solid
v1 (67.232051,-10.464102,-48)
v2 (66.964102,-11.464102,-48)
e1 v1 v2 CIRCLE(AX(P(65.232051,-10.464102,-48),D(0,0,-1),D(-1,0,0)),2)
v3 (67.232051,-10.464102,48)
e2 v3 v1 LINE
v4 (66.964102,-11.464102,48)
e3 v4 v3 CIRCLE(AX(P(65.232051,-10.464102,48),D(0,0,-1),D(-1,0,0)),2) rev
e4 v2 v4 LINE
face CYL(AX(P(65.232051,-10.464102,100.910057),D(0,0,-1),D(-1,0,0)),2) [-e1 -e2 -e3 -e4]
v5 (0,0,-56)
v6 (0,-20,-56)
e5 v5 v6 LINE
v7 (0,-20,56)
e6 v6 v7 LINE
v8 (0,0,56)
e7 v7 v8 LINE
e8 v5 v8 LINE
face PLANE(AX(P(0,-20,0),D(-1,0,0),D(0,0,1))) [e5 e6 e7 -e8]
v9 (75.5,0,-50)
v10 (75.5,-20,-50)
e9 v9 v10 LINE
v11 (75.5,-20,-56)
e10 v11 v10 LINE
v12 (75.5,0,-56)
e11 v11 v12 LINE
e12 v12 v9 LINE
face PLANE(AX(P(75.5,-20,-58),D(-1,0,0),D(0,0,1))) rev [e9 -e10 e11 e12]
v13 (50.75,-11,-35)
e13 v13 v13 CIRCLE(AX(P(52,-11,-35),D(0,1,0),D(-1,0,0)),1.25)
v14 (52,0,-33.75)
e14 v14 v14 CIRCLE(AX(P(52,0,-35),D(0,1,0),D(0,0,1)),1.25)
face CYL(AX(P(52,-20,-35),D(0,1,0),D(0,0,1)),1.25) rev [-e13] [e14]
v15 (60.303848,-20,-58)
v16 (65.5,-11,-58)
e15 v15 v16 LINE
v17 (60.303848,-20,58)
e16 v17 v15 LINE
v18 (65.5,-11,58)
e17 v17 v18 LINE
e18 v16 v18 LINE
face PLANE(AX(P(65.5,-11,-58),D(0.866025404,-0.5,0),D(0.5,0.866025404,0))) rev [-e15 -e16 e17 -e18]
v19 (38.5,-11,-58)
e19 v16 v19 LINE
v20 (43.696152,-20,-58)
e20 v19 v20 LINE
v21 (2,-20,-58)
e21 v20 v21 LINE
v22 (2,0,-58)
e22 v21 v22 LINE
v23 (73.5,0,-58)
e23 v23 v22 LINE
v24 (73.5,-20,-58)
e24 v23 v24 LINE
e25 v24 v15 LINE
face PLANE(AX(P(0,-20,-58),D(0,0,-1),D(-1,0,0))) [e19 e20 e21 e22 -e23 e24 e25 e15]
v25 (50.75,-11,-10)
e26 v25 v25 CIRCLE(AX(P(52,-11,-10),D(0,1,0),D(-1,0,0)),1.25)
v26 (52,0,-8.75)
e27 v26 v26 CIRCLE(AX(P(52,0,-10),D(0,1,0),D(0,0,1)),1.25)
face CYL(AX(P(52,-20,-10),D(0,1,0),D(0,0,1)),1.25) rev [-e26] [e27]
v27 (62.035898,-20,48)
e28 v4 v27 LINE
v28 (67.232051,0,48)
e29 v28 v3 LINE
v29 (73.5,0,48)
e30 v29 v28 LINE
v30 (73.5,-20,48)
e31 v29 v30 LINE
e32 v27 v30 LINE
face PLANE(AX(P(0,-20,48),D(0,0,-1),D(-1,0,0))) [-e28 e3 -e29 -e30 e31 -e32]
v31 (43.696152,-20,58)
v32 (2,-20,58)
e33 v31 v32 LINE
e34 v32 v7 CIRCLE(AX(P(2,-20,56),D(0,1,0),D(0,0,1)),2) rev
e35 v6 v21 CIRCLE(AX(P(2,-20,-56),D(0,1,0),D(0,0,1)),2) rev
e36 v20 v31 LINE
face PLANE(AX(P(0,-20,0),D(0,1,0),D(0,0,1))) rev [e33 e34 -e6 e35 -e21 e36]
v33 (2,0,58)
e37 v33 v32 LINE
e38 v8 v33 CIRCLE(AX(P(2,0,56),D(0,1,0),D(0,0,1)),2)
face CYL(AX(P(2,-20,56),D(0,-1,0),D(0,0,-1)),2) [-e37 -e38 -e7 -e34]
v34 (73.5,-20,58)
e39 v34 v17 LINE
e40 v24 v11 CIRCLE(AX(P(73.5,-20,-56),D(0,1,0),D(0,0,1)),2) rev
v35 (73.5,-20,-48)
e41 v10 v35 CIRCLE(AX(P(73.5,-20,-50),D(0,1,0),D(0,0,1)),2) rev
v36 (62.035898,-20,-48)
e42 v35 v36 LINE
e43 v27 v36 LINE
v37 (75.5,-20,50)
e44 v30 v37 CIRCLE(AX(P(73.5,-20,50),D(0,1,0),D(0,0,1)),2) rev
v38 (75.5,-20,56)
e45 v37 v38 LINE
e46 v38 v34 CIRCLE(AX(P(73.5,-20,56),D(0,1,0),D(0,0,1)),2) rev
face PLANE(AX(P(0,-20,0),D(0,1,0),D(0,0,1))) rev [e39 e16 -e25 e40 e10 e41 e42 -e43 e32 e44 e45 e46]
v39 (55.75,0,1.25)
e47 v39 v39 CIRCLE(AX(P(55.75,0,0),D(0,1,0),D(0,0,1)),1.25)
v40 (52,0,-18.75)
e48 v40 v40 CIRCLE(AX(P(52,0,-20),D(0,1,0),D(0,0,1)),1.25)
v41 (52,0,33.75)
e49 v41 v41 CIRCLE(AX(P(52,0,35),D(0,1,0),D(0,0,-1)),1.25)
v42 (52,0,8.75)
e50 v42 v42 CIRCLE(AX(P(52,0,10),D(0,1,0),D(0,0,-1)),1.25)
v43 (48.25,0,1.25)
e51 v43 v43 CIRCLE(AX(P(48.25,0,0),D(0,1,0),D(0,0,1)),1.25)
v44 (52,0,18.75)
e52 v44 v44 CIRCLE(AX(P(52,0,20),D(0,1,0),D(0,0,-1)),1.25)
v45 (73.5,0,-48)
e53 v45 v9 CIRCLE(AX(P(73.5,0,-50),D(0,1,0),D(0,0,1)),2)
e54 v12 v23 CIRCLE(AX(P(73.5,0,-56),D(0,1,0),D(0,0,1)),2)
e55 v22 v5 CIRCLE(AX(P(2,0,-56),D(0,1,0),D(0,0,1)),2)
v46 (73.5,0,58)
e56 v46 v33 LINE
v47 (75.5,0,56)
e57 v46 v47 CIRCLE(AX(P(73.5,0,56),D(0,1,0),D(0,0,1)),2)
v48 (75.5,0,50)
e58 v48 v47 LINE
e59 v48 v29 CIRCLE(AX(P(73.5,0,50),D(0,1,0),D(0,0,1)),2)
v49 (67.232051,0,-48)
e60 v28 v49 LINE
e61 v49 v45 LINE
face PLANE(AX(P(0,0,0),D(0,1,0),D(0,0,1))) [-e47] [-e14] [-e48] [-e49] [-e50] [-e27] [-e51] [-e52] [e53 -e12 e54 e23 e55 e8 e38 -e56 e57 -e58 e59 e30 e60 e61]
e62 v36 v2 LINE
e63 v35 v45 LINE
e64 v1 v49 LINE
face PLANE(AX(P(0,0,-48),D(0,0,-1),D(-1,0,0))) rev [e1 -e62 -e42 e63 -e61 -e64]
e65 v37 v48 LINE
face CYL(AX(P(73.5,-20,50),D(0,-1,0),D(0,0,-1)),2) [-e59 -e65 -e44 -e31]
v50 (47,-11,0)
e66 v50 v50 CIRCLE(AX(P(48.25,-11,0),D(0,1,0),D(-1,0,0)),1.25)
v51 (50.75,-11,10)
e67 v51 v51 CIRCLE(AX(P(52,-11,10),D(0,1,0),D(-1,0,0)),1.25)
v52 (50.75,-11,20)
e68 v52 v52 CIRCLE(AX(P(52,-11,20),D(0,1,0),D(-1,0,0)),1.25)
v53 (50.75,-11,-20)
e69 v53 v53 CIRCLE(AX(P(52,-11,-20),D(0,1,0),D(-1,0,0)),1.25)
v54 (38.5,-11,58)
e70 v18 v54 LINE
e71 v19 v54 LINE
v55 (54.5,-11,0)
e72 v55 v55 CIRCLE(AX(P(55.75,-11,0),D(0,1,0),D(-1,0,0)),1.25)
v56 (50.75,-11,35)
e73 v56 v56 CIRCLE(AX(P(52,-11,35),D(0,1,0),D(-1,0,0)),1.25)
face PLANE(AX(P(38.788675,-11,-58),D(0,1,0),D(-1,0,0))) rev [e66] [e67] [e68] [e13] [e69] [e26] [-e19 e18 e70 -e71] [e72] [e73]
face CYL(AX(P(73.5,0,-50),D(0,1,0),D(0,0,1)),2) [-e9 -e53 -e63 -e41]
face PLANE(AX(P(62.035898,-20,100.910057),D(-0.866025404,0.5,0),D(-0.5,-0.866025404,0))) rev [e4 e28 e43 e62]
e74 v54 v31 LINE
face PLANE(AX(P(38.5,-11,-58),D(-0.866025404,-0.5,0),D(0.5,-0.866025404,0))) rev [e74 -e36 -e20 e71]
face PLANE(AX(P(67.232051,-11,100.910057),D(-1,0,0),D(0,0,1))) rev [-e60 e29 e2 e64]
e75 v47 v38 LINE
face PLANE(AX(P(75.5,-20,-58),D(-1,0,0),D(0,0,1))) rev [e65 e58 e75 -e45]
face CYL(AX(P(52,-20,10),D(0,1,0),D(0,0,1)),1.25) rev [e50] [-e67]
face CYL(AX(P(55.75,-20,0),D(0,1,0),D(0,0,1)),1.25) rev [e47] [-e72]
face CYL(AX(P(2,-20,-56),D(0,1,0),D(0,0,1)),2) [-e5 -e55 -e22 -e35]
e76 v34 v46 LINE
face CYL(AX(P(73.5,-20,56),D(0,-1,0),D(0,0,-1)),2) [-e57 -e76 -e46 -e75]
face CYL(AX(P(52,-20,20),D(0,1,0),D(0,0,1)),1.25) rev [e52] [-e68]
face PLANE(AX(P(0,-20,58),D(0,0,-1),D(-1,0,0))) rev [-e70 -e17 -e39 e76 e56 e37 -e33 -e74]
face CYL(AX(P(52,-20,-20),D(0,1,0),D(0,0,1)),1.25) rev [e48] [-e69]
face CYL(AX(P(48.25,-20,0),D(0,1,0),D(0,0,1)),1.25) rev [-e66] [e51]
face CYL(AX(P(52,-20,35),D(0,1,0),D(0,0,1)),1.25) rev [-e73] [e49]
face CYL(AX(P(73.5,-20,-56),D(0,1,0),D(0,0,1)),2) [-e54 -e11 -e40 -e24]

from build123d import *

# Parameters (mm, degrees)
SKETCH1_W           = 100
SKETCH1_H           = 116
SKETCH1_R           = 2.2
BOSS_EXTRUDE2_DEPTH = 20
FILLET2_R           = 2
CUT_EXTRUDE7_DEPTH  = 155.45387661
SKETCH22_R          = 1.25
CUT_EXTRUDE12_DEPTH = 118.320075008
CUT_EXTRUDE13_START = -10
CUT_EXTRUDE13_DEPTH = 96
SKETCH26_W          = 24.5
SKETCH26_H          = 20
CUT_EXTRUDE14_DEPTH = 155.45387661
FILLET11_R          = 2


with BuildPart() as part:
    # Sketch1 → Boss-Extrude2 (new body)
    # profile 1 of 5: a face of its own
    with BuildSketch(Plane(origin=(0, 0, 0), x_dir=(1, 0, 0), z_dir=(0, 1, 0))):
        with Locations((50, 0)):
            Rectangle(SKETCH1_W, SKETCH1_H)
        with Locations((97.5, 35)):
            Circle(SKETCH1_R, mode=Mode.SUBTRACT)
        with Locations((97.5, -35)):
            Circle(SKETCH1_R, mode=Mode.SUBTRACT)
        with Locations((75, 35)):
            Circle(SKETCH1_R, mode=Mode.SUBTRACT)
        with Locations((75, -35)):
            Circle(SKETCH1_R, mode=Mode.SUBTRACT)
    # profile 2 of 5: a face of its own
    with BuildSketch(Plane(origin=(0, 0, 0), x_dir=(1, 0, 0), z_dir=(0, 1, 0))):
        with Locations((75, -35)):
            Circle(SKETCH1_R)
    # profile 3 of 5: a face of its own
    with BuildSketch(Plane(origin=(0, 0, 0), x_dir=(1, 0, 0), z_dir=(0, 1, 0))):
        with Locations((97.5, -35)):
            Circle(SKETCH1_R)
    # profile 4 of 5: a face of its own
    with BuildSketch(Plane(origin=(0, 0, 0), x_dir=(1, 0, 0), z_dir=(0, 1, 0))):
        with Locations((75, 35)):
            Circle(SKETCH1_R)
    # profile 5 of 5: a face of its own
    with BuildSketch(Plane(origin=(0, 0, 0), x_dir=(1, 0, 0), z_dir=(0, 1, 0))):
        with Locations((97.5, 35)):
            Circle(SKETCH1_R)
    extrude(amount=-BOSS_EXTRUDE2_DEPTH)

    # Fillet2
    fillet2_edges = [part.edges().sort_by_distance(p)[0] for p in [
        (100, -10, -58),
        (100, -10, 58),
        (0, -10, 58),
        (0, -10, -58),
    ]]
    fillet(fillet2_edges, radius=FILLET2_R)

    # Sketch8 → Cut-Extrude7 (cut, through all)
    with BuildSketch(Plane.XY.offset(58)):
        Polygon((38.788675135, -11), (44.562177826, -11), (59.437822174, -11), (65.211324865, -11), (65.5, -11), (59.437822174, -21.5), (44.562177826, -21.5), (38.5, -11), align=None)
    extrude(amount=-CUT_EXTRUDE7_DEPTH, mode=Mode.SUBTRACT)

    # Sketch22 → Cut-Extrude12 (cut, through all)
    with BuildSketch(Plane(origin=(0, 0, 0), x_dir=(1, 0, 0), z_dir=(0, 1, 0))):
        with Locations(Location((48.25, 0, 0), (0, 0, 270))):
            Circle(SKETCH22_R)
        with Locations(Location((55.75, 0, 0), (0, 0, 270))):
            Circle(SKETCH22_R)
        with Locations(Location((52, 10, 0), (0, 0, 270))):
            Circle(SKETCH22_R)
        with Locations(Location((52, 20, 0), (0, 0, 270))):
            Circle(SKETCH22_R)
        with Locations(Location((52, 35, 0), (0, 0, 270))):
            Circle(SKETCH22_R)
        with Locations(Location((52, -35, 0), (0, 0, 180))):
            Circle(SKETCH22_R)
        with Locations(Location((52, -20, 0), (0, 0, 180))):
            Circle(SKETCH22_R)
        with Locations(Location((52, -10, 0), (0, 0, 180))):
            Circle(SKETCH22_R)
    extrude(amount=-CUT_EXTRUDE12_DEPTH, mode=Mode.SUBTRACT)

    # Sketch24 → Cut-Extrude13 (cut)
    with BuildSketch(Plane(origin=(0, 0, -58), x_dir=(-1, 0, 0), z_dir=(0, 0, -1)).offset(CUT_EXTRUDE13_START)):
        Polygon((-62.035898385, -20), (-67.232050808, -11), (-67.232050808, 0), (-100, 0), (-100, -20), align=None)
    extrude(amount=-CUT_EXTRUDE13_DEPTH, mode=Mode.SUBTRACT)

    # Sketch26 → Cut-Extrude14 (cut, through all)
    with BuildSketch(Plane.XY.offset(58)):
        with Locations((87.75, -10)):
            Rectangle(SKETCH26_W, SKETCH26_H)
    extrude(amount=-CUT_EXTRUDE14_DEPTH, mode=Mode.SUBTRACT)

    # Fillet11
    fillet11_edges = [part.edges().sort_by_distance(p)[0] for p in [
        (67.232050808, -11, 0),
        (75.5, -10, 48),
        (75.5, -10, 58),
        (75.5, -10, -48),
        (75.5, -10, -58),
    ]]
    fillet(fillet11_edges, radius=FILLET11_R)


solid = part.part
